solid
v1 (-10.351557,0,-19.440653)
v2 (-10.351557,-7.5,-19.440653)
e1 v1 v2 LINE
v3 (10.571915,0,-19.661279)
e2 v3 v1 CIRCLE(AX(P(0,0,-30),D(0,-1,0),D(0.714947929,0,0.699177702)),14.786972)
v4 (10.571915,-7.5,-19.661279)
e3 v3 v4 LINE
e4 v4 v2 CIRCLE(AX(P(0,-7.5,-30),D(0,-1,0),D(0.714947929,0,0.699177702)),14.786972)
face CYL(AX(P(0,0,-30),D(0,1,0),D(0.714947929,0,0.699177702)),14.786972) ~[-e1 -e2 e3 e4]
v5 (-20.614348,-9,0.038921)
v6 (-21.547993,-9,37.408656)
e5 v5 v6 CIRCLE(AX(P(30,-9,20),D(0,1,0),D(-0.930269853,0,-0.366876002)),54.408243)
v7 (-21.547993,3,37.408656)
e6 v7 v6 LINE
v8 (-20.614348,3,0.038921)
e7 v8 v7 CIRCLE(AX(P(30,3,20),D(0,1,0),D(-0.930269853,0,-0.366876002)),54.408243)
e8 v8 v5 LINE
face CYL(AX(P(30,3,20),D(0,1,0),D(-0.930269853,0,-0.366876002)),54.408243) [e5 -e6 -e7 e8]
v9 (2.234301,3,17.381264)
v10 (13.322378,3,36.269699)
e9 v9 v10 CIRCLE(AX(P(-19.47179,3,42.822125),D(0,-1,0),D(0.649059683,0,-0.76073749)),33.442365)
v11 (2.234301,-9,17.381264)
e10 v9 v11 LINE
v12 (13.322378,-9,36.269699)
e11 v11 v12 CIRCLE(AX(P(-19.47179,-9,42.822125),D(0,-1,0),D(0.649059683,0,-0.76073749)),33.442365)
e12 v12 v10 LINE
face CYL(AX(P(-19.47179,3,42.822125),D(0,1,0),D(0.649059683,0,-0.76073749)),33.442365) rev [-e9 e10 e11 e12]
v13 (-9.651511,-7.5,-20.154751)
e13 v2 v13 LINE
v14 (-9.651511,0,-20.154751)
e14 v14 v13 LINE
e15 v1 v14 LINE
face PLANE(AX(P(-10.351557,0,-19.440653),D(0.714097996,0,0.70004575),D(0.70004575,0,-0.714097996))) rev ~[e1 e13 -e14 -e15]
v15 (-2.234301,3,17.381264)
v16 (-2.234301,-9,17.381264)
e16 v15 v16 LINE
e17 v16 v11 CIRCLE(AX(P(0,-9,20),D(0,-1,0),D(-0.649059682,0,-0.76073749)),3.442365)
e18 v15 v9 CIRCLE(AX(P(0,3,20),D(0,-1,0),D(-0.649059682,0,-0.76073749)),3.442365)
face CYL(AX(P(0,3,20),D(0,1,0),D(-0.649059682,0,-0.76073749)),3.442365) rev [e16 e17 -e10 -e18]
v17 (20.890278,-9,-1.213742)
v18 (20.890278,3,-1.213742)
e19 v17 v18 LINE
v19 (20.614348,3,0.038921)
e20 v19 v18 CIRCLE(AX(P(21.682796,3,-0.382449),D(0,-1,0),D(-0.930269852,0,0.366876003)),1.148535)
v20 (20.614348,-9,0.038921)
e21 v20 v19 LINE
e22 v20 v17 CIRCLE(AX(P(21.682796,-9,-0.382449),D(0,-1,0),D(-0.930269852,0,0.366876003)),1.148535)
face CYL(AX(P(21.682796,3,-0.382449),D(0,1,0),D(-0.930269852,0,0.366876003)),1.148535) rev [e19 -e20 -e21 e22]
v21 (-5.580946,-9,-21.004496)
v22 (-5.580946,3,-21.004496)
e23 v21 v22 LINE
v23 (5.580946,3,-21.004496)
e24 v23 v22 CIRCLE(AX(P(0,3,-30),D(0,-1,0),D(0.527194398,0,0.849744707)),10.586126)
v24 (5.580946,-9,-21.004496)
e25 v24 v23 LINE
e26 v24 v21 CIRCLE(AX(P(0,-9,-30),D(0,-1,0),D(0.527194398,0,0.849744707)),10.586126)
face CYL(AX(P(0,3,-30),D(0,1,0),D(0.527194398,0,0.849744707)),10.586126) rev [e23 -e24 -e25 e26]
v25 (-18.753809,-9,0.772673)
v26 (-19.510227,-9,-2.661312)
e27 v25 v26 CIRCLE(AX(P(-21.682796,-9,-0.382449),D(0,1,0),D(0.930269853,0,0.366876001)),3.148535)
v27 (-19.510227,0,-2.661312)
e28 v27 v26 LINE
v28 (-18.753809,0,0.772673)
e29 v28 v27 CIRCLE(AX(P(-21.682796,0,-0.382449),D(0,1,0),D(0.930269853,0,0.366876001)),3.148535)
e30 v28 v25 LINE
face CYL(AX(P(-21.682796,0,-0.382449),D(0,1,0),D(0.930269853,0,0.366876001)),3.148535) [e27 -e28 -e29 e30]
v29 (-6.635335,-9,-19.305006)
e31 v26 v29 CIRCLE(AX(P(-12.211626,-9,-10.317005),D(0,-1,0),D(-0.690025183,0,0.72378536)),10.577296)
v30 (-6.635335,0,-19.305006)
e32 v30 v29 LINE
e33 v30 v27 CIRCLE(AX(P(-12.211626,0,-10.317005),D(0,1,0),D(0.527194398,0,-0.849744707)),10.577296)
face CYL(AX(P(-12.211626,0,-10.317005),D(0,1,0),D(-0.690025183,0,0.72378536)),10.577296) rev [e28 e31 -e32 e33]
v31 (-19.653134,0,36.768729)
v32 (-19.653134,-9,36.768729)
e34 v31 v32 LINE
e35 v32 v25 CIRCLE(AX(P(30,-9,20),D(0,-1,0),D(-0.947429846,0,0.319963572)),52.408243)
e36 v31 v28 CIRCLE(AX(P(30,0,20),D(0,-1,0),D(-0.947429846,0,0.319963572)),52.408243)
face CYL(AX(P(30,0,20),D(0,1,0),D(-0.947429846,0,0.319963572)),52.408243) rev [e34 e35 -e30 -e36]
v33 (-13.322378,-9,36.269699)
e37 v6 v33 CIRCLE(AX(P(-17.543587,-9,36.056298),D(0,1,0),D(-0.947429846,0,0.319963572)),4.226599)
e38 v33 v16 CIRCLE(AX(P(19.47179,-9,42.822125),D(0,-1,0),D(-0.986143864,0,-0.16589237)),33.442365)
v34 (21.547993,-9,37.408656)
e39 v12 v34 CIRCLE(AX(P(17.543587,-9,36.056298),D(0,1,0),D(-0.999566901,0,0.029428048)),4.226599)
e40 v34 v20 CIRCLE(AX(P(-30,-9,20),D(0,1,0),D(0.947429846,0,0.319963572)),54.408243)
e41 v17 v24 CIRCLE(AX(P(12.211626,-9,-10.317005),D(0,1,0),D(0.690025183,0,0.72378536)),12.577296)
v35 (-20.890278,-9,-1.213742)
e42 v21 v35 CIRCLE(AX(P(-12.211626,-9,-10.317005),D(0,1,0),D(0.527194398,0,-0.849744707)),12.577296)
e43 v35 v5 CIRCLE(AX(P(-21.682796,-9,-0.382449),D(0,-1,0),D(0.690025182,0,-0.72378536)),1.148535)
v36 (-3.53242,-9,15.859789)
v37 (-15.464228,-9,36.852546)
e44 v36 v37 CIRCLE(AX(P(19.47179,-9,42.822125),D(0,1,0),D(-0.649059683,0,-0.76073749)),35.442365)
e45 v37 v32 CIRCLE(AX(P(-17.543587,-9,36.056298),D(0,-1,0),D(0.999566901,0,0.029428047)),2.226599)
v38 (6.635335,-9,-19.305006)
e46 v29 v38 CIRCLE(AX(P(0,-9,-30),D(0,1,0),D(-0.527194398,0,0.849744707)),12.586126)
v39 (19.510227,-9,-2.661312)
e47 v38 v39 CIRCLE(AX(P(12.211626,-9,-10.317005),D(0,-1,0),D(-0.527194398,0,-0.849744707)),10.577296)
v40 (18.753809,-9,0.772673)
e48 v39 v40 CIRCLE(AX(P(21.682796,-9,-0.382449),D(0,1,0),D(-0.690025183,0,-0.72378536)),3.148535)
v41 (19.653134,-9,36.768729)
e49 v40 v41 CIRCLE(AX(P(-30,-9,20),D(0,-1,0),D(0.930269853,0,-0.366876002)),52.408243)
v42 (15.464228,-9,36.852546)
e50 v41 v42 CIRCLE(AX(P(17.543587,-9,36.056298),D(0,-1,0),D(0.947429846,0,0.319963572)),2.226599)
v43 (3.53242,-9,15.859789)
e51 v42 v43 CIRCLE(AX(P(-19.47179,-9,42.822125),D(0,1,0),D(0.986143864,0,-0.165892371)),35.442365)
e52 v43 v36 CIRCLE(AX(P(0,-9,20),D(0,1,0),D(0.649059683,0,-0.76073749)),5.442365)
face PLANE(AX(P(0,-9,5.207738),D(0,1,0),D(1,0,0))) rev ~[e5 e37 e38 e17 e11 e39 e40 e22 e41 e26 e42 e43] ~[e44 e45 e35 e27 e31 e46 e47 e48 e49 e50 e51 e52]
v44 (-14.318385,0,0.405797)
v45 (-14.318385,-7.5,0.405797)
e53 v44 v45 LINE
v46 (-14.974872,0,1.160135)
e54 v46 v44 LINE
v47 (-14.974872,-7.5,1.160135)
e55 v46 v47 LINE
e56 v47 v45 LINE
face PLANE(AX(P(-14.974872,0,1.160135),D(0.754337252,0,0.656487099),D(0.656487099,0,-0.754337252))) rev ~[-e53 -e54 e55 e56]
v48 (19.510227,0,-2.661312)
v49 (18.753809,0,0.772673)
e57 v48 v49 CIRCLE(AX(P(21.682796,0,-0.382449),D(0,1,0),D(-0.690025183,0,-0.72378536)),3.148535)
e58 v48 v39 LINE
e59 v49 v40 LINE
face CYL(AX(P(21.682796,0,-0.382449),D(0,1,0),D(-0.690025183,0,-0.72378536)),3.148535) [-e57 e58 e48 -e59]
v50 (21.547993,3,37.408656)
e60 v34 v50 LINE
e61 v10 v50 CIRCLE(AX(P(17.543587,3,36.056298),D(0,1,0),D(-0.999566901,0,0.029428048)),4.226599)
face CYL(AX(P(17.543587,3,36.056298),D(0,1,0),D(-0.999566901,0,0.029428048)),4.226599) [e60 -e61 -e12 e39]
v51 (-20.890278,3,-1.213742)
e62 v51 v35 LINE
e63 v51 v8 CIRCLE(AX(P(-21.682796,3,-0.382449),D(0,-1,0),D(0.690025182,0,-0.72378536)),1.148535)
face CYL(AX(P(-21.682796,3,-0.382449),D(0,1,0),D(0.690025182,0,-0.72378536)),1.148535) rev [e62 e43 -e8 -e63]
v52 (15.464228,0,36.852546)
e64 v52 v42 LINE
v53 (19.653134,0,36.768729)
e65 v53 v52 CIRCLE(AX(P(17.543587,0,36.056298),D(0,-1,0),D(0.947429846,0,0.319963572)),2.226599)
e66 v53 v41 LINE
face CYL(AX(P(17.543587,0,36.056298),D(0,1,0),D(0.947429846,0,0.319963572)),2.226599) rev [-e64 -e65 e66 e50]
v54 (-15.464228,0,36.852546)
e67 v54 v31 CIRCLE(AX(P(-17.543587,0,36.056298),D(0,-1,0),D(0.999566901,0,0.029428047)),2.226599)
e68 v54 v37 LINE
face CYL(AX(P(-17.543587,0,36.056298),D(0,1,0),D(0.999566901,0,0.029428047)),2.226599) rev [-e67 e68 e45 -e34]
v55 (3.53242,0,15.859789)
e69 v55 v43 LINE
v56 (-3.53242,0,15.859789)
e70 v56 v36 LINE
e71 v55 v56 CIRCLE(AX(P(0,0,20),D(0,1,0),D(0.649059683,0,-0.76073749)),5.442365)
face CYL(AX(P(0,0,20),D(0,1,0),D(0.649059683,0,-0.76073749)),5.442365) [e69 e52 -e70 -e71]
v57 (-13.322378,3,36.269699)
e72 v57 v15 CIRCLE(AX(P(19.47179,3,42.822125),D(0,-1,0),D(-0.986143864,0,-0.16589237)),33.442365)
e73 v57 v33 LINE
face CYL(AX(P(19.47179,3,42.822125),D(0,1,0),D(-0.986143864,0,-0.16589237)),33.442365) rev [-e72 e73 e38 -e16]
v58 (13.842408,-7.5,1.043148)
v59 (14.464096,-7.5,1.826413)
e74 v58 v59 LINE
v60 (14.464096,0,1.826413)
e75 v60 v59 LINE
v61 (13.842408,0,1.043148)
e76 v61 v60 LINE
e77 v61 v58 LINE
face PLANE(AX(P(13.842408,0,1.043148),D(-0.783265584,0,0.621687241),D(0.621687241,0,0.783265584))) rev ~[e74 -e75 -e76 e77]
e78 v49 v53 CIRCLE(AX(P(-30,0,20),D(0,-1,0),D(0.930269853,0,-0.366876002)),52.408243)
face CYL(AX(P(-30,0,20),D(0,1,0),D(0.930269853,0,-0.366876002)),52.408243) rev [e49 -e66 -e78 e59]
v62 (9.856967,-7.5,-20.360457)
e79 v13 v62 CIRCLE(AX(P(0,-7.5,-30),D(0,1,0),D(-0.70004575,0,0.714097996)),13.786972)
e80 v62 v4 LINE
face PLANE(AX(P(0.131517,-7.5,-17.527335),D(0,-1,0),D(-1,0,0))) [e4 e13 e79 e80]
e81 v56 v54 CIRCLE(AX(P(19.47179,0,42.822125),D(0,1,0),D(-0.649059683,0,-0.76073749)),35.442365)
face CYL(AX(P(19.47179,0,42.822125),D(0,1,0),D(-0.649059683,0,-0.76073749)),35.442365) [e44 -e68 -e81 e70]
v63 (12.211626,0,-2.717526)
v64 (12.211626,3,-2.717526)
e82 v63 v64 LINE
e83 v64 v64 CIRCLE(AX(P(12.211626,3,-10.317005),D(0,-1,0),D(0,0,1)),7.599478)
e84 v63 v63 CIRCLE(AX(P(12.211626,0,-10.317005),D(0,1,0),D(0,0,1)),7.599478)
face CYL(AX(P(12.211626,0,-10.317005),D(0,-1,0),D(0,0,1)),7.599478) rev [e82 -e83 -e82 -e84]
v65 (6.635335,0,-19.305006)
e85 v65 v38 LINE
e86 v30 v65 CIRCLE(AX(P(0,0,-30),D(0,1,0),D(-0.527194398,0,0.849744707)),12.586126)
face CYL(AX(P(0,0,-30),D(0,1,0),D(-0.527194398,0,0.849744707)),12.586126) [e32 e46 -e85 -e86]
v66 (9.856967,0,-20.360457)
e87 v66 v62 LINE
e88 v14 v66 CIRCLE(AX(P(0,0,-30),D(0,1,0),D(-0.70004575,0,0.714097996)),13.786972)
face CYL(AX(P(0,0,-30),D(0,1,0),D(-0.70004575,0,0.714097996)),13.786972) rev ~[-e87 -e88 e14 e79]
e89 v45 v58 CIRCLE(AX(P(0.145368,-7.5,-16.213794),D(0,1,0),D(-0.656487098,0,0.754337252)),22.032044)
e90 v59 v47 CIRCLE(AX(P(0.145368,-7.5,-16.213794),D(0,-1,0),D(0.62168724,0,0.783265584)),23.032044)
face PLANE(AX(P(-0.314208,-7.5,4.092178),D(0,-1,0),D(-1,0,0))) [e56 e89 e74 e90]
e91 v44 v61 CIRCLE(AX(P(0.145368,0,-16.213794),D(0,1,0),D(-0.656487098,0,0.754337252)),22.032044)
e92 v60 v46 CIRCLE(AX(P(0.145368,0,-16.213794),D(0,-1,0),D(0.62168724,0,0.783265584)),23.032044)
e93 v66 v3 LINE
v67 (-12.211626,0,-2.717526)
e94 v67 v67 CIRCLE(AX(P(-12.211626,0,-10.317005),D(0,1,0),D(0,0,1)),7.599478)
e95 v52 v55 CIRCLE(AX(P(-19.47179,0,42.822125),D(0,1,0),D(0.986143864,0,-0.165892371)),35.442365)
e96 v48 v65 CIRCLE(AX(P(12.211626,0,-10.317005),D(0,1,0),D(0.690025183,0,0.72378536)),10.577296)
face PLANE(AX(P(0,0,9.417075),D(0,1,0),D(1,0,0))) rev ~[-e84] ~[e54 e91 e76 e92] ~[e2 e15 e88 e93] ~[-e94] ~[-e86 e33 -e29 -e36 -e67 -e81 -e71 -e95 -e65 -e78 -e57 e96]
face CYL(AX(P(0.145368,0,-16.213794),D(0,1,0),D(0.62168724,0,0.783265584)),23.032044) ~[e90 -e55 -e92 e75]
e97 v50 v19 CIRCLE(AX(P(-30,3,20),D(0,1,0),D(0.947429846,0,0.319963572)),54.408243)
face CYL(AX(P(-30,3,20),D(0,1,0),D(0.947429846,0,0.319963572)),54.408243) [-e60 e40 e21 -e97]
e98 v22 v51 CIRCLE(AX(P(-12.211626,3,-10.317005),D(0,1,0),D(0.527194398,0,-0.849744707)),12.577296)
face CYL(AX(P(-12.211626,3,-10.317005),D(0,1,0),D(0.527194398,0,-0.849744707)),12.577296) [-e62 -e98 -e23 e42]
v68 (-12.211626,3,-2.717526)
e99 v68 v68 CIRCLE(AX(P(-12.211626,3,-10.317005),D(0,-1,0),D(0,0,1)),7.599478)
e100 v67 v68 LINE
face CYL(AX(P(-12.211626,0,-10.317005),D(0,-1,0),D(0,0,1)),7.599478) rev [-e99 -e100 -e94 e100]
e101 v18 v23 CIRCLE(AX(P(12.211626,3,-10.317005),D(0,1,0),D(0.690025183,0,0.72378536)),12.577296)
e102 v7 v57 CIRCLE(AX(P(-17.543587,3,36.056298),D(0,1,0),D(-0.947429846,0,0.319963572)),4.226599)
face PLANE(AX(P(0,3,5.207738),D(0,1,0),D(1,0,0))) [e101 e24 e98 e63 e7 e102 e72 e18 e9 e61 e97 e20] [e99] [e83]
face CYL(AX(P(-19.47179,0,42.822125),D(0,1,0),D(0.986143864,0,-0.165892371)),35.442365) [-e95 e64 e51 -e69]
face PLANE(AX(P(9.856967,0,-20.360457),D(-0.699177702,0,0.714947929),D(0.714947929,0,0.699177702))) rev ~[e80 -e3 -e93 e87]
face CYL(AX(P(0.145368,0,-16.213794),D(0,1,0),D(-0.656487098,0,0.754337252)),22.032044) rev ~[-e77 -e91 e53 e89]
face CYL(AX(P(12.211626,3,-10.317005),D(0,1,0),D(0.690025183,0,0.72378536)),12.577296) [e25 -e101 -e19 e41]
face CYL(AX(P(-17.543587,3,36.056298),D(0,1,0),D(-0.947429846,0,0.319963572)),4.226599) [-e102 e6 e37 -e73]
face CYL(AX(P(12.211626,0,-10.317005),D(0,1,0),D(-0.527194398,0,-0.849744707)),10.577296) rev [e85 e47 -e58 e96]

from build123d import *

# Parameters (mm, degrees)
VYSUNOUT_TENKOST_NN_1_DEPTH   = 9
VYSUNOUT_TENKOST_NN_2_DEPTH   = 7.5
VYSUNOUT_TENKOST_NN_2_2_DEPTH = 7.5
P_IDAT_VYSUNUT_M2_DEPTH       = 3
VYSUNOUT_START                = 3
VYSUNOUT_TENKOST_NN_3_DEPTH   = 3
SKICA4_R                      = 7.599478253
ODEBRAT_VYSUNUT_M1_DEPTH      = 10


with BuildPart() as part:
    # Skica3 → Vysunout tenkostěnný1 (new body)
    with BuildSketch(Plane(origin=(0, 0, 0), x_dir=(1, 0, 0), z_dir=(0, 1, 0))):
        with BuildLine():
            ThreePointArc((13.318818193, -36.180678557), (16.919790609, -40.236611382), (21.547993361, -37.408655814))
            ThreePointArc((21.547993361, -37.408655814), (24.391270235, -18.641089057), (20.614348293, -0.038921281))
            ThreePointArc((20.614348293, -0.038921281), (20.561150024, 0.629518412), (20.890277717, 1.213741521))
            ThreePointArc((20.890277717, 1.213741521), (22.159844041, 18.012545588), (5.58094625, 21.004495587))
            ThreePointArc((5.58094625, 21.004495587), (0, 19.413874141), (-5.58094625, 21.004495587))
            ThreePointArc((-5.58094625, 21.004495587), (-22.159844041, 18.012545588), (-20.890277717, 1.213741521))
            ThreePointArc((-20.890277717, 1.213741521), (-20.561150024, 0.629518412), (-20.614348293, -0.038921281))
            ThreePointArc((-20.614348293, -0.038921281), (-24.391270235, -18.641089057), (-21.547993361, -37.408655814))
            ThreePointArc((-21.547993361, -37.408655814), (-16.919790609, -40.236611382), (-13.318818193, -36.180678557))
            Line((-13.318818193, -36.180678557), (-15.317951996, -36.121822462))
            ThreePointArc((-15.317951996, -36.121822462), (-17.214967104, -38.2585136), (-19.653133669, -36.768728669))
            ThreePointArc((-19.653133669, -36.768728669), (-22.391894143, -18.691041449), (-18.753808587, -0.772673285))
            ThreePointArc((-18.753808587, -0.772673285), (-18.607973584, 1.059752989), (-19.510227352, 2.661312241))
            ThreePointArc((-19.510227352, 2.661312241), (-20.577911445, 16.788826149), (-6.635335046, 19.305006173))
            ThreePointArc((-6.635335046, 19.305006173), (0, 17.413874141), (6.635335046, 19.305006173))
            ThreePointArc((6.635335046, 19.305006173), (20.577911445, 16.788826149), (19.510227352, 2.661312241))
            ThreePointArc((19.510227352, 2.661312241), (18.607973584, 1.059752989), (18.753808587, -0.772673285))
            ThreePointArc((18.753808587, -0.772673285), (22.391894143, -18.691041449), (19.653133669, -36.768728669))
            ThreePointArc((19.653133669, -36.768728669), (17.214967104, -38.2585136), (15.317951996, -36.121822462))
            Line((15.317951996, -36.121822462), (13.318818193, -36.180678557))
        make_face()
        with BuildLine():
            ThreePointArc((15.479480606, -36.942506696), (11.363736232, -25.348385806), (3.532419897, -15.859788681))
            ThreePointArc((3.532419897, -15.859788681), (0, -14.557634697), (-3.532419897, -15.859788681))
            ThreePointArc((-3.532419897, -15.859788681), (-11.363736232, -25.348385806), (-15.479480606, -36.942506696))
            Line((-15.479480606, -36.942506696), (-13.507192877, -37.274291437))
            ThreePointArc((-13.507192877, -37.274291437), (-9.623698487, -26.334422643), (-2.234300531, -17.38126366))
            ThreePointArc((-2.234300531, -17.38126366), (0, -16.557634697), (2.234300531, -17.38126366))
            ThreePointArc((2.234300531, -17.38126366), (9.623698487, -26.334422643), (13.507192877, -37.274291437))
            Line((13.507192877, -37.274291437), (15.479480606, -36.942506696))
        make_face()
    extrude(amount=-VYSUNOUT_TENKOST_NN_1_DEPTH)



with BuildPart() as body_2:
    # Skica3<3> → Vysunout tenkostěnný2 (new body)
    with BuildSketch(Plane(origin=(0, 0, 0), x_dir=(1, 0, 0), z_dir=(0, 1, 0))):
        with BuildLine():
            ThreePointArc((-9.651511204, 20.15475088), (0.145367606, 16.213794321), (9.85696713, 20.360456559))
            Line((9.85696713, 20.360456559), (10.571915059, 19.661278857))
            ThreePointArc((10.571915059, 19.661278857), (0.155911444, 15.213849909), (-10.351556954, 19.440652884))
            Line((-10.351556954, 19.440652884), (-9.651511204, 20.15475088))
        make_face()
    extrude(amount=-VYSUNOUT_TENKOST_NN_2_DEPTH)


with BuildPart() as body_3:
    # Skica3<3> → Vysunout tenkost_nn_2 2 (new body)
    with BuildSketch(Plane(origin=(0, 0, 0), x_dir=(1, 0, 0), z_dir=(0, 1, 0))):
        with BuildLine():
            ThreePointArc((-14.318385094, -0.405797283), (-0.353145852, -5.812609189), (13.842408307, -1.043147566))
            Line((13.842408307, -1.043147566), (14.464095548, -1.82641315))
            ThreePointArc((14.464095548, -1.82641315), (-0.375772598, -6.812353171), (-14.974872193, -1.160134535))
            Line((-14.974872193, -1.160134535), (-14.318385094, -0.405797283))
        make_face()
    extrude(amount=-VYSUNOUT_TENKOST_NN_2_2_DEPTH)


with BuildPart() as part_1:
    add(part.part)

    add(body_2.part)  # Přidat vysunutím2 merges body 2

    add(body_3.part)  # Přidat vysunutím2 merges body 3
    # Skica3<4> → Přidat vysunutím2 (add)
    with BuildSketch(Plane(origin=(0, 0, 0), x_dir=(1, 0, 0), z_dir=(0, 1, 0))):
        with BuildLine():
            ThreePointArc((6.108140648, 20.15475088), (0, 18.413874141), (-6.108140648, 20.15475088))
            ThreePointArc((-6.108140648, 20.15475088), (-21.368877743, 17.400685868), (-20.200252534, 1.937526881))
            ThreePointArc((-20.200252534, 1.937526881), (-19.584561804, 0.844635701), (-19.68407844, -0.405797283))
            ThreePointArc((-19.68407844, -0.405797283), (-23.391582189, -18.666065253), (-20.600563515, -37.088692241))
            ThreePointArc((-20.600563515, -37.088692241), (-17.553998549, -39.282880534), (-14.493336742, -37.108399066))
            ThreePointArc((-14.493336742, -37.108399066), (-10.493717359, -25.841404225), (-2.883360214, -16.620526171))
            ThreePointArc((-2.883360214, -16.620526171), (0, -15.557634697), (2.883360214, -16.620526171))
            ThreePointArc((2.883360214, -16.620526171), (10.493717359, -25.841404225), (14.493336742, -37.108399066))
            ThreePointArc((14.493336742, -37.108399066), (17.553998549, -39.282880534), (20.600563515, -37.088692241))
            ThreePointArc((20.600563515, -37.088692241), (23.391582189, -18.666065253), (19.68407844, -0.405797283))
            ThreePointArc((19.68407844, -0.405797283), (19.584561804, 0.844635701), (20.200252534, 1.937526881))
            ThreePointArc((20.200252534, 1.937526881), (21.368877743, 17.400685868), (6.108140648, 20.15475088))
        make_face()
    extrude(amount=P_IDAT_VYSUNUT_M2_DEPTH)

    # Skica3<5> → Vysunout tenkostěnný3 (add)
    with BuildSketch(Plane(origin=(0, 0, 0), x_dir=(1, 0, 0), z_dir=(0, 1, 0)).offset(VYSUNOUT_START)):
        with BuildLine():
            ThreePointArc((13.318818193, -36.180678557), (16.919790609, -40.236611382), (21.547993361, -37.408655814))
            ThreePointArc((21.547993361, -37.408655814), (24.391270235, -18.641089057), (20.614348293, -0.038921281))
            ThreePointArc((20.614348293, -0.038921281), (20.561150024, 0.629518412), (20.890277717, 1.213741521))
            ThreePointArc((20.890277717, 1.213741521), (22.159844041, 18.012545588), (5.58094625, 21.004495587))
            ThreePointArc((5.58094625, 21.004495587), (0, 19.413874141), (-5.58094625, 21.004495587))
            ThreePointArc((-5.58094625, 21.004495587), (-22.159844041, 18.012545588), (-20.890277717, 1.213741521))
            ThreePointArc((-20.890277717, 1.213741521), (-20.561150024, 0.629518412), (-20.614348293, -0.038921281))
            ThreePointArc((-20.614348293, -0.038921281), (-24.391270235, -18.641089057), (-21.547993361, -37.408655814))
            ThreePointArc((-21.547993361, -37.408655814), (-16.919790609, -40.236611382), (-13.318818193, -36.180678557))
            Line((-13.318818193, -36.180678557), (-15.317951996, -36.121822462))
            ThreePointArc((-15.317951996, -36.121822462), (-17.214967104, -38.2585136), (-19.653133669, -36.768728669))
            ThreePointArc((-19.653133669, -36.768728669), (-22.391894143, -18.691041449), (-18.753808587, -0.772673285))
            ThreePointArc((-18.753808587, -0.772673285), (-18.607973584, 1.059752989), (-19.510227352, 2.661312241))
            ThreePointArc((-19.510227352, 2.661312241), (-20.577911445, 16.788826149), (-6.635335046, 19.305006173))
            ThreePointArc((-6.635335046, 19.305006173), (0, 17.413874141), (6.635335046, 19.305006173))
            ThreePointArc((6.635335046, 19.305006173), (20.577911445, 16.788826149), (19.510227352, 2.661312241))
            ThreePointArc((19.510227352, 2.661312241), (18.607973584, 1.059752989), (18.753808587, -0.772673285))
            ThreePointArc((18.753808587, -0.772673285), (22.391894143, -18.691041449), (19.653133669, -36.768728669))
            ThreePointArc((19.653133669, -36.768728669), (17.214967104, -38.2585136), (15.317951996, -36.121822462))
            Line((15.317951996, -36.121822462), (13.318818193, -36.180678557))
        make_face()
        with BuildLine():
            ThreePointArc((15.479480606, -36.942506696), (11.363736232, -25.348385806), (3.532419897, -15.859788681))
            ThreePointArc((3.532419897, -15.859788681), (0, -14.557634697), (-3.532419897, -15.859788681))
            ThreePointArc((-3.532419897, -15.859788681), (-11.363736232, -25.348385806), (-15.479480606, -36.942506696))
            Line((-15.479480606, -36.942506696), (-13.507192877, -37.274291437))
            ThreePointArc((-13.507192877, -37.274291437), (-9.623698487, -26.334422643), (-2.234300531, -17.38126366))
            ThreePointArc((-2.234300531, -17.38126366), (0, -16.557634697), (2.234300531, -17.38126366))
            ThreePointArc((2.234300531, -17.38126366), (9.623698487, -26.334422643), (13.507192877, -37.274291437))
            Line((13.507192877, -37.274291437), (15.479480606, -36.942506696))
        make_face()
        with BuildLine():
            ThreePointArc((-10.351556954, 19.440652884), (0.155911444, 15.213849909), (10.571915059, 19.661278857))
            Line((10.571915059, 19.661278857), (9.1420192, 21.05963426))
            ThreePointArc((9.1420192, 21.05963426), (0.134823768, 17.213738734), (-8.951465454, 20.868848876))
            Line((-8.951465454, 20.868848876), (-10.351556954, 19.440652884))
        make_face()
        with BuildLine():
            ThreePointArc((-14.974872193, -1.160134535), (-0.375772598, -6.812353171), (14.464095548, -1.82641315))
            Line((14.464095548, -1.82641315), (13.220721067, -0.259881982))
            ThreePointArc((13.220721067, -0.259881982), (-0.330519107, -4.812865207), (-13.661897996, 0.348539969))
            Line((-13.661897996, 0.348539969), (-14.974872193, -1.160134535))
        make_face()
    extrude(amount=-VYSUNOUT_TENKOST_NN_3_DEPTH)

    # Skica4 → Odebrat vysunutím1 (cut)
    with BuildSketch(Plane(origin=(0, 0, 0), x_dir=(1, 0, 0), z_dir=(0, 1, 0))):
        with Locations((-12.211626463, 10.317004534)):
            Circle(SKICA4_R)
        with Locations((12.211626463, 10.317004534)):
            Circle(SKICA4_R)
    extrude(amount=ODEBRAT_VYSUNUT_M1_DEPTH, mode=Mode.SUBTRACT)


solid = part_1.part
